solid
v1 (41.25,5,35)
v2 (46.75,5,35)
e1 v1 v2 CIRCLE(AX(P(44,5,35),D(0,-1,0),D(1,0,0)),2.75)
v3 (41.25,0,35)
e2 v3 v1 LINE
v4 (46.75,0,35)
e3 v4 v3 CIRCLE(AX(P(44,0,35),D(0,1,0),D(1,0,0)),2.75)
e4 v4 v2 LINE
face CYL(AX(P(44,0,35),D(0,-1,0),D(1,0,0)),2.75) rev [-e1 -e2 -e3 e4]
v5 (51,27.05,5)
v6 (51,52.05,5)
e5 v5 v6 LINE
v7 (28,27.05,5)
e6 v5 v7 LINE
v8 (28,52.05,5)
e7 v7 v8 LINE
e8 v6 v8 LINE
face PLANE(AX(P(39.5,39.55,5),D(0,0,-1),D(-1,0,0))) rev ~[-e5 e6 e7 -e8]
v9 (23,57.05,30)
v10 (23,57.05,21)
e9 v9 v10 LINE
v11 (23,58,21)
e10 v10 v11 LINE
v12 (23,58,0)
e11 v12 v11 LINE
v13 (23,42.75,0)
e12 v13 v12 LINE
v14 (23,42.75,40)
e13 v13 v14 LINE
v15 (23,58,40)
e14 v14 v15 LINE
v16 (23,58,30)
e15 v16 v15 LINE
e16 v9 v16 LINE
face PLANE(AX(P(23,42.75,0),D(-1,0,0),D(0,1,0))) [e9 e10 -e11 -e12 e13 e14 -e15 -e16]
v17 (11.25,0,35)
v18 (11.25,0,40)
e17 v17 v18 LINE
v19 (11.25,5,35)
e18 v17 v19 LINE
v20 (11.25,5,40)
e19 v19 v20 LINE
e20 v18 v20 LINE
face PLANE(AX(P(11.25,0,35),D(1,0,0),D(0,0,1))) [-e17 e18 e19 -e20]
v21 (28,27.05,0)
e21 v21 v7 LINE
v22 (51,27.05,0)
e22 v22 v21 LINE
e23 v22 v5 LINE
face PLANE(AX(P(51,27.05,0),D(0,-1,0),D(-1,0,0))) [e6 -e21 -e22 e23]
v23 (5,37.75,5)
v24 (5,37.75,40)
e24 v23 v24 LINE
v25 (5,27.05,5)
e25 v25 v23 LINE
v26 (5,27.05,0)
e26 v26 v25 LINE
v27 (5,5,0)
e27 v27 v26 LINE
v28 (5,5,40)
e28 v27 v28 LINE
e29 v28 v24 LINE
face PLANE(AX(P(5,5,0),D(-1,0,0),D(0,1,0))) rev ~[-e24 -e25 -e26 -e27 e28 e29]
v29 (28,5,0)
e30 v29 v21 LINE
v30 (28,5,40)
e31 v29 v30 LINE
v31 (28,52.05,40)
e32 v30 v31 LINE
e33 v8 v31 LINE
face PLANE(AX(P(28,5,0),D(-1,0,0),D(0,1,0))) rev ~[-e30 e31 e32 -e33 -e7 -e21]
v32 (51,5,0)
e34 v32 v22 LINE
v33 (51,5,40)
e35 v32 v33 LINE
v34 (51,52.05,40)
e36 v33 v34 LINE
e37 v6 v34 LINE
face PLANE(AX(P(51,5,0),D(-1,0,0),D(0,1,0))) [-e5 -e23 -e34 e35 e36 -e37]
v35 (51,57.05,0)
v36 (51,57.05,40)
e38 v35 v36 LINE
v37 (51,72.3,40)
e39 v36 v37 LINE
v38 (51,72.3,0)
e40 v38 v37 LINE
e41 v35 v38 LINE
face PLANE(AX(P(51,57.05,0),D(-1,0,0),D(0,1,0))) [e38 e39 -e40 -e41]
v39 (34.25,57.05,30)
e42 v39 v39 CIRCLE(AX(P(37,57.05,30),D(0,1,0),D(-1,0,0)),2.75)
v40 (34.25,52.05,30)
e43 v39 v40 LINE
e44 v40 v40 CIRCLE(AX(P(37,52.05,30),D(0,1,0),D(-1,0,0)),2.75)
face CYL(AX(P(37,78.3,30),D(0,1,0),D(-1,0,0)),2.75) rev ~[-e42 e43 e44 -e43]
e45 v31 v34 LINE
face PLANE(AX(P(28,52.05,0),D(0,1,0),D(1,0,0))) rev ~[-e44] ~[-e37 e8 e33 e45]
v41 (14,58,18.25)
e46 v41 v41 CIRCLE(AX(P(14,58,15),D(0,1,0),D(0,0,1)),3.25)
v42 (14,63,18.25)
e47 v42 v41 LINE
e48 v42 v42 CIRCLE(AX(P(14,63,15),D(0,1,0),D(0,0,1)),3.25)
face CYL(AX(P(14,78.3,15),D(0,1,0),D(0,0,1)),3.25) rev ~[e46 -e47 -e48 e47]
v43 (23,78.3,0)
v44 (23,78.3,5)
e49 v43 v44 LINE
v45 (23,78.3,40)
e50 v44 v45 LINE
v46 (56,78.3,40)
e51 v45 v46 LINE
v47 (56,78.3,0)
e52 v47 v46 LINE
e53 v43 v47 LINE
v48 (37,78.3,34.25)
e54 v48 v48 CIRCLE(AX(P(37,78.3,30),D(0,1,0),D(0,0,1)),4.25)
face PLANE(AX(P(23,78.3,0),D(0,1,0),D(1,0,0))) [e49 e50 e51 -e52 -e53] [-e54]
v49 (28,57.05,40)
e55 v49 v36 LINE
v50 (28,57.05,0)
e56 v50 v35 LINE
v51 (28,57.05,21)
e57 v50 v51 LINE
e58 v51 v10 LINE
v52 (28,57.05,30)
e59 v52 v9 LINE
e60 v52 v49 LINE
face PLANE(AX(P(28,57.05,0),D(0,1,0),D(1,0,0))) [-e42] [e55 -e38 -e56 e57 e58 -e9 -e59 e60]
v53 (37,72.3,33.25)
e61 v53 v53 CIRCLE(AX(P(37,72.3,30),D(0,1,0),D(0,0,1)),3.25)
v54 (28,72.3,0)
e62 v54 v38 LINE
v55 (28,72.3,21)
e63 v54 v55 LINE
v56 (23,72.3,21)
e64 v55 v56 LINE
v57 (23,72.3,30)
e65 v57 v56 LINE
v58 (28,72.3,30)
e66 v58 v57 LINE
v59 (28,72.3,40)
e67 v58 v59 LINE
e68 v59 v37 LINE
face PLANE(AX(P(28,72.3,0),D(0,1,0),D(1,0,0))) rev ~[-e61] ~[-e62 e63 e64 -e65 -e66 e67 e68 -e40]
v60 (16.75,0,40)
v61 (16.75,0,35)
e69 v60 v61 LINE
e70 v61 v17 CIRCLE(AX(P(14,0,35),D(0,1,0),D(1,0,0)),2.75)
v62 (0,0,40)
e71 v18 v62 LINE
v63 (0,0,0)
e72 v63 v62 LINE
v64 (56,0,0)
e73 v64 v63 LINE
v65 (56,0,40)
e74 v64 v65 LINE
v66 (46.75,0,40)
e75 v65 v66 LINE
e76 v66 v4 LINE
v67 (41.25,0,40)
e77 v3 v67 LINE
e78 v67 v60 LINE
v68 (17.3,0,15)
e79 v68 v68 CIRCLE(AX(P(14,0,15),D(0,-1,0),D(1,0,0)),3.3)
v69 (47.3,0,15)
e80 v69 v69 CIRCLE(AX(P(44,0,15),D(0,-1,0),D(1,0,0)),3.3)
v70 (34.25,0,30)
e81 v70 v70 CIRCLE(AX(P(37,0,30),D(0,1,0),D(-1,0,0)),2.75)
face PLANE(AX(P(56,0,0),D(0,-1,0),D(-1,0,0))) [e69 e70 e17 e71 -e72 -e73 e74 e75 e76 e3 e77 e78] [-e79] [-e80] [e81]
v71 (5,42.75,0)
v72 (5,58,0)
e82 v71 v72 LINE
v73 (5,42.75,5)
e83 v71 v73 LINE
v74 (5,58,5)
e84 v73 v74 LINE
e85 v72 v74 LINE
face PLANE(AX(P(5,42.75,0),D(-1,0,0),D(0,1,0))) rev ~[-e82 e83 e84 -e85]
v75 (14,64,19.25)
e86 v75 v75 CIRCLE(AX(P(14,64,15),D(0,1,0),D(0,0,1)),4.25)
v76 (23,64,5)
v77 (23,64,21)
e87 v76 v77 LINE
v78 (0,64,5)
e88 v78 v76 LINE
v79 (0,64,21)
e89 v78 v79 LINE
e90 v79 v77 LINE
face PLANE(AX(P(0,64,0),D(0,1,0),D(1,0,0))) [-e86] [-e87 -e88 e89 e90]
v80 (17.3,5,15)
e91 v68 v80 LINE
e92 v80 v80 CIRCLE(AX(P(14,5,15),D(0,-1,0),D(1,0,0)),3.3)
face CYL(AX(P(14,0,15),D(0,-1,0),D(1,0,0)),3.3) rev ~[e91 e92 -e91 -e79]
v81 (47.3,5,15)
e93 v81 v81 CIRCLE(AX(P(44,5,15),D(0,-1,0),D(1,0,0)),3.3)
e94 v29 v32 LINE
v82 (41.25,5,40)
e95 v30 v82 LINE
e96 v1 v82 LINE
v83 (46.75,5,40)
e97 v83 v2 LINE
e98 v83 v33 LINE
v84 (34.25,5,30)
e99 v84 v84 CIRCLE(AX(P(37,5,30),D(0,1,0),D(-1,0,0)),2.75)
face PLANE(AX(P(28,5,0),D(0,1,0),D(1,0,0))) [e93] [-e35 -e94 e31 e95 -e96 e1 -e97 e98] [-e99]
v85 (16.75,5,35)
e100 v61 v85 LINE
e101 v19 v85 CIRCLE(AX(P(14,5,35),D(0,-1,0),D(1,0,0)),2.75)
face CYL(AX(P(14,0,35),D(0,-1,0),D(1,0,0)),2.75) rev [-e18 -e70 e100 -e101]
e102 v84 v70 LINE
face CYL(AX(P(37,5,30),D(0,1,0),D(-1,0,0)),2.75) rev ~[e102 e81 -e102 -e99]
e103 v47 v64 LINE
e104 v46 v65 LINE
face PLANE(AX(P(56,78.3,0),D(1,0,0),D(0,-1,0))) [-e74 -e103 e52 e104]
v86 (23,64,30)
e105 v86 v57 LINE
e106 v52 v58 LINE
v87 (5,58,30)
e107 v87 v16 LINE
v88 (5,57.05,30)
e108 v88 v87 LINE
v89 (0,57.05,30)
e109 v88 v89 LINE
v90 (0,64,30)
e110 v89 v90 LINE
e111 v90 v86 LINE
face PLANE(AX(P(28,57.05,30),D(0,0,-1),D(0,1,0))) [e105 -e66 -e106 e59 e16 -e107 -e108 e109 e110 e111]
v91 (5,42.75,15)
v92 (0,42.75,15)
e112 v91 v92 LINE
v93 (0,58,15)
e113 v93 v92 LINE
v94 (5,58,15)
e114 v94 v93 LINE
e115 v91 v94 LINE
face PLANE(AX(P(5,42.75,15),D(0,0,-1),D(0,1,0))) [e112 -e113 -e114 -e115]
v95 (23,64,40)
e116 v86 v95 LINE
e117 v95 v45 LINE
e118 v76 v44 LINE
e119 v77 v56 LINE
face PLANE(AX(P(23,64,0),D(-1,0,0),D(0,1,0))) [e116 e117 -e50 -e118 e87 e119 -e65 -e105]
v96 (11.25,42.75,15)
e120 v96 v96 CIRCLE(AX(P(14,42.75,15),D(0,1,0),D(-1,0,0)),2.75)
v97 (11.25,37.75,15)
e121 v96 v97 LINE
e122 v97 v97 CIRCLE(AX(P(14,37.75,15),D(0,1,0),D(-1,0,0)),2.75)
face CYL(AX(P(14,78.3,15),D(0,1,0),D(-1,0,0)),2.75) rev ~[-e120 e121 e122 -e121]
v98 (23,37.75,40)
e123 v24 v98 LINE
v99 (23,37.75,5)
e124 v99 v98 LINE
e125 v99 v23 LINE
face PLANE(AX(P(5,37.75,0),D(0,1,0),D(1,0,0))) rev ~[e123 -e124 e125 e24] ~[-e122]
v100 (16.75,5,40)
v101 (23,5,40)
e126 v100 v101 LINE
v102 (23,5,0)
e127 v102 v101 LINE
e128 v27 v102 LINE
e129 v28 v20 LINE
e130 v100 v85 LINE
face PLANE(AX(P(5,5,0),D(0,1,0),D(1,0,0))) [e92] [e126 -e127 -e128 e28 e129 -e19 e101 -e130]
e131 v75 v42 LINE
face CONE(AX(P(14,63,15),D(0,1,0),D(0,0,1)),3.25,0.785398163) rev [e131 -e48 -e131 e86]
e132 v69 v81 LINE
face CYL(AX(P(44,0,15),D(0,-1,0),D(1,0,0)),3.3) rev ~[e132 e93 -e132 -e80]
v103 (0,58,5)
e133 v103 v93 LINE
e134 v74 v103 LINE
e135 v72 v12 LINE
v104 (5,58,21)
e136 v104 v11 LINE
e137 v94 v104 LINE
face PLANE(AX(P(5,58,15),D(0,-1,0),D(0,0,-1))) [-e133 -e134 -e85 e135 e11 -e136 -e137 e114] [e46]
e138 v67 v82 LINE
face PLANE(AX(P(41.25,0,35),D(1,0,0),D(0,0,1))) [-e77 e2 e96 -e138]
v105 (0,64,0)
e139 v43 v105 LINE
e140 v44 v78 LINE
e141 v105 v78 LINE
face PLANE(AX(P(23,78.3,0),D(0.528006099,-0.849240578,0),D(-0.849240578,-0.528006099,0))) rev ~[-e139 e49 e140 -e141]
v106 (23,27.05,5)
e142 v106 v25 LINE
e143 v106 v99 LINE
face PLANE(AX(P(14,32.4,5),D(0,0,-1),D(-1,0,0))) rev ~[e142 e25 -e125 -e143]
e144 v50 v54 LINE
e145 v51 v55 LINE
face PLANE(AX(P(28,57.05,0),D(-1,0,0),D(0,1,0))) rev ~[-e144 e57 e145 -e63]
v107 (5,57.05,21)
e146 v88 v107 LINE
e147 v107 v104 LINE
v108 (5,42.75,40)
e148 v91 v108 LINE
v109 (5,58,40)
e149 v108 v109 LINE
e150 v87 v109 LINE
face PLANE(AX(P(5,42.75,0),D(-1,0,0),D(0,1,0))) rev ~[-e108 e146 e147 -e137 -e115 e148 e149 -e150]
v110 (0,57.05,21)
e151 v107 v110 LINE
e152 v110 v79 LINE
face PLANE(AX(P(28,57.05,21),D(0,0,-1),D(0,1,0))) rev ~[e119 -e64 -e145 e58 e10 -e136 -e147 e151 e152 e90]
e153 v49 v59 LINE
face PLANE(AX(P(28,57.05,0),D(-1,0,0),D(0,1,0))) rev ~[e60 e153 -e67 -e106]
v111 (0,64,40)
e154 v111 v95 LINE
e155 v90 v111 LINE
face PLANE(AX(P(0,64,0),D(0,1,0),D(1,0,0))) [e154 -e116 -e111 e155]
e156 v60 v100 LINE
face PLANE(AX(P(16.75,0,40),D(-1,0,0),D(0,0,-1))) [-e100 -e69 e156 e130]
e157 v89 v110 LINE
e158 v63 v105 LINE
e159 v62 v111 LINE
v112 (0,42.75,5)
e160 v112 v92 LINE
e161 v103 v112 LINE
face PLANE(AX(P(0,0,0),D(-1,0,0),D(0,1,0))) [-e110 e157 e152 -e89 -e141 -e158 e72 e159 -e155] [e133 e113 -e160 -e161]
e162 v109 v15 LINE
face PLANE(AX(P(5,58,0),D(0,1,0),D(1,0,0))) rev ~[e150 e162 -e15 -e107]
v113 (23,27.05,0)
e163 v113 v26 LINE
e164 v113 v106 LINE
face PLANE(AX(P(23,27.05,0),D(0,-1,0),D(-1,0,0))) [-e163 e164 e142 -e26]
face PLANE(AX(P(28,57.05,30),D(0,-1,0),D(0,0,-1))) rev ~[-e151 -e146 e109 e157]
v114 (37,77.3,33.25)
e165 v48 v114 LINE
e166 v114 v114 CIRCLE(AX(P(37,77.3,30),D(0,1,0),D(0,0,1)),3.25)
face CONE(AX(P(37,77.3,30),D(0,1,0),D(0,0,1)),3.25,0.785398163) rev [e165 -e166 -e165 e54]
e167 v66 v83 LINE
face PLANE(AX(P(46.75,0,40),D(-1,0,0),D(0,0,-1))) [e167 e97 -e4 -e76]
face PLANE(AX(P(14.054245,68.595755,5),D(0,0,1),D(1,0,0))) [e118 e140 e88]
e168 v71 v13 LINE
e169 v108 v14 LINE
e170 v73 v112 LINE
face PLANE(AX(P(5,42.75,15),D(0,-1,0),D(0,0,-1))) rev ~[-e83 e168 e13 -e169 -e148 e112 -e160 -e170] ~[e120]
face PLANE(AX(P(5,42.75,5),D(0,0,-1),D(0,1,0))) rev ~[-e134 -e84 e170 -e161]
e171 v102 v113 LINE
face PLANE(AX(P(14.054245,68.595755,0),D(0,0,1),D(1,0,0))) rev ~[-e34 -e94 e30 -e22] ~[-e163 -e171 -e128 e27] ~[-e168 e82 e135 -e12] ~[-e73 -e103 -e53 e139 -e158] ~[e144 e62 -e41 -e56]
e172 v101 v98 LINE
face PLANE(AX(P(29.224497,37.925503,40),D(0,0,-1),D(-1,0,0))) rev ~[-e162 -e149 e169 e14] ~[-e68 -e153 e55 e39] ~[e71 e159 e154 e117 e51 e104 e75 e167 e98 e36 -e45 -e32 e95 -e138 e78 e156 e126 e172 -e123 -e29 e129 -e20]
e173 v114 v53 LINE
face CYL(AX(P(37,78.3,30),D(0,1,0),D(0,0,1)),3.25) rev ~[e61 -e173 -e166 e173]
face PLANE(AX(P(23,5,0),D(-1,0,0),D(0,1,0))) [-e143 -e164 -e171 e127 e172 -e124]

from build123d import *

# Parameters (mm, degrees)
SKETCH1_W           = 18
SKETCH1_H           = 32.75
SKETCH1_W_2         = 23
SKETCH1_H_2         = 15.25
SKETCH1_H_3         = 47.05
BOSS_EXTRUDE1_DEPTH = 40
CUT_EXTRUDE1_REACH  = 106.244
SKETCH2_R           = 2.75
CUT_EXTRUDE2_REACH  = 94.276
SKETCH3_W           = 9
SKETCH3_H           = 15.25
SKETCH4_W           = 10
SKETCH4_H           = 15.25
CUT_EXTRUDE3_DEPTH  = 102.645904984
CUT_EXTRUDE4_REACH  = 106.244
SKETCH6_R           = 3.25
CHAMFER1_SIZE       = 1
CUT_EXTRUDE5_REACH  = 106.244
SKETCH7_R           = 3.3
SKETCH8_R           = 2.75
CUT_EXTRUDE6_DEPTH  = 101.542975886
SKETCH9_W           = 23
SKETCH9_H           = 25
SKETCH9_W_2         = 18
SKETCH9_H_2         = 10.7
BOSS_EXTRUDE2_DEPTH = 5


with BuildPart() as part:
    # Sketch1 → Boss-Extrude1 (new body)
    with BuildSketch(Plane.XY):
        Polygon((0, 0), (0, 64), (23, 64), (23, 78.3), (56, 78.3), (56, 0), align=None)
        with Locations((14, 21.375)):
            Rectangle(SKETCH1_W, SKETCH1_H, mode=Mode.SUBTRACT)
        with Locations((39.5, 64.675)):
            Rectangle(SKETCH1_W_2, SKETCH1_H_2, mode=Mode.SUBTRACT)
        with Locations((14, 50.375)):
            Rectangle(SKETCH1_W, SKETCH1_H_2, mode=Mode.SUBTRACT)
        with Locations((39.5, 28.525)):
            Rectangle(SKETCH1_W_2, SKETCH1_H_3, mode=Mode.SUBTRACT)
    extrude(amount=BOSS_EXTRUDE1_DEPTH)

    # Cut-Extrude1: up to this face of the body (flat: up to its plane)
    cut_extrude1_end = Plane(part.part.faces().sort_by_distance((14, 37.75, 20))[0])
    # Sketch2 → Cut-Extrude1 (cut, up to the picked face)
    with BuildSketch(Plane(origin=(0, 78.3, 0), x_dir=(1, 0, 0), z_dir=(0, 1, 0)), mode=Mode.PRIVATE) as cut_extrude1_sk1:
        with Locations(Location((14, -15, 0), (0, 0, 180))):
            Circle(SKETCH2_R)
    cut_extrude1_tool1 = split(extrude(cut_extrude1_sk1.sketch, amount=-CUT_EXTRUDE1_REACH, mode=Mode.PRIVATE), bisect_by=cut_extrude1_end, keep=Keep.BOTH, mode=Mode.PRIVATE)
    # Sketch2 → Cut-Extrude1 (cut, up to the picked face)
    with BuildSketch(Plane(origin=(0, 78.3, 0), x_dir=(1, 0, 0), z_dir=(0, 1, 0)), mode=Mode.PRIVATE) as cut_extrude1_sk2:
        with Locations(Location((37, -30, 0), (0, 0, 180))):
            Circle(SKETCH2_R)
    cut_extrude1_tool2 = split(extrude(cut_extrude1_sk2.sketch, amount=-CUT_EXTRUDE1_REACH, mode=Mode.PRIVATE), bisect_by=cut_extrude1_end, keep=Keep.BOTH, mode=Mode.PRIVATE)
    add(cut_extrude1_tool1.solids().sort_by(Axis((14, 78.3, 15), (0, -1, 0)))[0], mode=Mode.SUBTRACT)
    add(cut_extrude1_tool2.solids().sort_by(Axis((37, 78.3, 30), (0, -1, 0)))[0], mode=Mode.SUBTRACT)

    # Sketch3 → Cut-Extrude2 (cut, up to next)
    with BuildSketch(Plane(origin=(28, 0, 0), x_dir=(0, 0, -1), z_dir=(1, 0, 0)), mode=Mode.PRIVATE) as cut_extrude2_sk1:
        with Locations((-25.5, 64.675)):
            Rectangle(SKETCH3_W, SKETCH3_H)
    cut_extrude2_tool1 = extrude(cut_extrude2_sk1.sketch, amount=-CUT_EXTRUDE2_REACH, mode=Mode.PRIVATE) & part.part
    add(cut_extrude2_tool1.solids().sort_by_distance((28, 64.675, 25.5))[0], mode=Mode.SUBTRACT)

    # Sketch4 → Cut-Extrude3 (cut, through all)
    with BuildSketch(Plane(origin=(5, 0, 0), x_dir=(0, 0, -1), z_dir=(1, 0, 0))):
        with Locations((-10, 50.375)):
            Rectangle(SKETCH4_W, SKETCH4_H)
    extrude(amount=-CUT_EXTRUDE3_DEPTH, mode=Mode.SUBTRACT)

    # Sketch6 → Cut-Extrude4 (cut, up to next)
    with BuildSketch(Plane(origin=(0, 78.3, 0), x_dir=(1, 0, 0), z_dir=(0, 1, 0)), mode=Mode.PRIVATE) as cut_extrude4_sk1:
        with Locations(Location((14, -15, 0), (0, 0, 270))):
            Circle(SKETCH6_R)
    cut_extrude4_tool1 = extrude(cut_extrude4_sk1.sketch, amount=-CUT_EXTRUDE4_REACH, mode=Mode.PRIVATE) & part.part
    # Sketch6 → Cut-Extrude4 (cut, up to next)
    with BuildSketch(Plane(origin=(0, 78.3, 0), x_dir=(1, 0, 0), z_dir=(0, 1, 0)), mode=Mode.PRIVATE) as cut_extrude4_sk2:
        with Locations(Location((37, -30, 0), (0, 0, 270))):
            Circle(SKETCH6_R)
    cut_extrude4_tool2 = extrude(cut_extrude4_sk2.sketch, amount=-CUT_EXTRUDE4_REACH, mode=Mode.PRIVATE) & part.part
    add(cut_extrude4_tool1.solids().sort_by_distance((14, 78.3, 15))[0], mode=Mode.SUBTRACT)
    add(cut_extrude4_tool2.solids().sort_by_distance((37, 78.3, 30))[0], mode=Mode.SUBTRACT)

    # Chamfer1
    chamfer1_edges = [part.edges().sort_by_distance(p)[0] for p in [
        (14, 64, 11.75),
        (37, 78.3, 26.75),
    ]]
    chamfer(chamfer1_edges, length=CHAMFER1_SIZE)

    # Sketch7 → Cut-Extrude5 (cut, up to next)
    with BuildSketch(Plane.XZ, mode=Mode.PRIVATE) as cut_extrude5_sk1:
        with Locations((14, 15)):
            Circle(SKETCH7_R)
    cut_extrude5_tool1 = extrude(cut_extrude5_sk1.sketch, amount=-CUT_EXTRUDE5_REACH, mode=Mode.PRIVATE) & part.part
    # Sketch7 → Cut-Extrude5 (cut, up to next)
    with BuildSketch(Plane.XZ, mode=Mode.PRIVATE) as cut_extrude5_sk2:
        with Locations((44, 15)):
            Circle(SKETCH7_R)
    cut_extrude5_tool2 = extrude(cut_extrude5_sk2.sketch, amount=-CUT_EXTRUDE5_REACH, mode=Mode.PRIVATE) & part.part
    # Sketch7 → Cut-Extrude5 (cut, up to next)
    with BuildSketch(Plane.XZ, mode=Mode.PRIVATE) as cut_extrude5_sk3:
        with BuildLine():
            Line((11.25, 35), (11.25, 40))
            Line((11.25, 40), (16.75, 40))
            Line((16.75, 40), (16.75, 35))
            ThreePointArc((16.75, 35), (14, 32.25), (11.25, 35))
        make_face()
    cut_extrude5_tool3 = extrude(cut_extrude5_sk3.sketch, amount=-CUT_EXTRUDE5_REACH, mode=Mode.PRIVATE) & part.part
    # Sketch7 → Cut-Extrude5 (cut, up to next)
    with BuildSketch(Plane.XZ, mode=Mode.PRIVATE) as cut_extrude5_sk4:
        with BuildLine():
            Line((41.25, 35), (41.25, 40))
            Line((41.25, 40), (46.75, 40))
            Line((46.75, 40), (46.75, 35))
            ThreePointArc((46.75, 35), (44, 32.25), (41.25, 35))
        make_face()
    cut_extrude5_tool4 = extrude(cut_extrude5_sk4.sketch, amount=-CUT_EXTRUDE5_REACH, mode=Mode.PRIVATE) & part.part
    add(cut_extrude5_tool1.solids().sort_by_distance((14, 0, 15))[0], mode=Mode.SUBTRACT)
    add(cut_extrude5_tool2.solids().sort_by_distance((44, 0, 15))[0], mode=Mode.SUBTRACT)
    add(cut_extrude5_tool3.solids().sort_by_distance((14, 0, 36.393769))[0], mode=Mode.SUBTRACT)
    add(cut_extrude5_tool4.solids().sort_by_distance((44, 0, 36.393769))[0], mode=Mode.SUBTRACT)

    # Sketch8 → Cut-Extrude6 (cut, through all)
    with BuildSketch(Plane(origin=(0, 5, 0), x_dir=(1, 0, 0), z_dir=(0, 1, 0))):
        with Locations(Location((37, -30, 0), (0, 0, 180))):
            Circle(SKETCH8_R)
    extrude(amount=-CUT_EXTRUDE6_DEPTH, mode=Mode.SUBTRACT)

    # Sketch9 → Boss-Extrude2 (add)
    with BuildSketch(Plane(origin=(0, 0, 0), x_dir=(-1, 0, 0), z_dir=(0, 0, -1))):
        Polygon((-23, 78.3), (0, 64), (-23, 64), align=None)
        with Locations((-39.5, 39.55)):
            Rectangle(SKETCH9_W, SKETCH9_H)
        with Locations((-14, 32.4)):
            Rectangle(SKETCH9_W_2, SKETCH9_H_2)
    extrude(amount=-BOSS_EXTRUDE2_DEPTH)


solid = part.part
